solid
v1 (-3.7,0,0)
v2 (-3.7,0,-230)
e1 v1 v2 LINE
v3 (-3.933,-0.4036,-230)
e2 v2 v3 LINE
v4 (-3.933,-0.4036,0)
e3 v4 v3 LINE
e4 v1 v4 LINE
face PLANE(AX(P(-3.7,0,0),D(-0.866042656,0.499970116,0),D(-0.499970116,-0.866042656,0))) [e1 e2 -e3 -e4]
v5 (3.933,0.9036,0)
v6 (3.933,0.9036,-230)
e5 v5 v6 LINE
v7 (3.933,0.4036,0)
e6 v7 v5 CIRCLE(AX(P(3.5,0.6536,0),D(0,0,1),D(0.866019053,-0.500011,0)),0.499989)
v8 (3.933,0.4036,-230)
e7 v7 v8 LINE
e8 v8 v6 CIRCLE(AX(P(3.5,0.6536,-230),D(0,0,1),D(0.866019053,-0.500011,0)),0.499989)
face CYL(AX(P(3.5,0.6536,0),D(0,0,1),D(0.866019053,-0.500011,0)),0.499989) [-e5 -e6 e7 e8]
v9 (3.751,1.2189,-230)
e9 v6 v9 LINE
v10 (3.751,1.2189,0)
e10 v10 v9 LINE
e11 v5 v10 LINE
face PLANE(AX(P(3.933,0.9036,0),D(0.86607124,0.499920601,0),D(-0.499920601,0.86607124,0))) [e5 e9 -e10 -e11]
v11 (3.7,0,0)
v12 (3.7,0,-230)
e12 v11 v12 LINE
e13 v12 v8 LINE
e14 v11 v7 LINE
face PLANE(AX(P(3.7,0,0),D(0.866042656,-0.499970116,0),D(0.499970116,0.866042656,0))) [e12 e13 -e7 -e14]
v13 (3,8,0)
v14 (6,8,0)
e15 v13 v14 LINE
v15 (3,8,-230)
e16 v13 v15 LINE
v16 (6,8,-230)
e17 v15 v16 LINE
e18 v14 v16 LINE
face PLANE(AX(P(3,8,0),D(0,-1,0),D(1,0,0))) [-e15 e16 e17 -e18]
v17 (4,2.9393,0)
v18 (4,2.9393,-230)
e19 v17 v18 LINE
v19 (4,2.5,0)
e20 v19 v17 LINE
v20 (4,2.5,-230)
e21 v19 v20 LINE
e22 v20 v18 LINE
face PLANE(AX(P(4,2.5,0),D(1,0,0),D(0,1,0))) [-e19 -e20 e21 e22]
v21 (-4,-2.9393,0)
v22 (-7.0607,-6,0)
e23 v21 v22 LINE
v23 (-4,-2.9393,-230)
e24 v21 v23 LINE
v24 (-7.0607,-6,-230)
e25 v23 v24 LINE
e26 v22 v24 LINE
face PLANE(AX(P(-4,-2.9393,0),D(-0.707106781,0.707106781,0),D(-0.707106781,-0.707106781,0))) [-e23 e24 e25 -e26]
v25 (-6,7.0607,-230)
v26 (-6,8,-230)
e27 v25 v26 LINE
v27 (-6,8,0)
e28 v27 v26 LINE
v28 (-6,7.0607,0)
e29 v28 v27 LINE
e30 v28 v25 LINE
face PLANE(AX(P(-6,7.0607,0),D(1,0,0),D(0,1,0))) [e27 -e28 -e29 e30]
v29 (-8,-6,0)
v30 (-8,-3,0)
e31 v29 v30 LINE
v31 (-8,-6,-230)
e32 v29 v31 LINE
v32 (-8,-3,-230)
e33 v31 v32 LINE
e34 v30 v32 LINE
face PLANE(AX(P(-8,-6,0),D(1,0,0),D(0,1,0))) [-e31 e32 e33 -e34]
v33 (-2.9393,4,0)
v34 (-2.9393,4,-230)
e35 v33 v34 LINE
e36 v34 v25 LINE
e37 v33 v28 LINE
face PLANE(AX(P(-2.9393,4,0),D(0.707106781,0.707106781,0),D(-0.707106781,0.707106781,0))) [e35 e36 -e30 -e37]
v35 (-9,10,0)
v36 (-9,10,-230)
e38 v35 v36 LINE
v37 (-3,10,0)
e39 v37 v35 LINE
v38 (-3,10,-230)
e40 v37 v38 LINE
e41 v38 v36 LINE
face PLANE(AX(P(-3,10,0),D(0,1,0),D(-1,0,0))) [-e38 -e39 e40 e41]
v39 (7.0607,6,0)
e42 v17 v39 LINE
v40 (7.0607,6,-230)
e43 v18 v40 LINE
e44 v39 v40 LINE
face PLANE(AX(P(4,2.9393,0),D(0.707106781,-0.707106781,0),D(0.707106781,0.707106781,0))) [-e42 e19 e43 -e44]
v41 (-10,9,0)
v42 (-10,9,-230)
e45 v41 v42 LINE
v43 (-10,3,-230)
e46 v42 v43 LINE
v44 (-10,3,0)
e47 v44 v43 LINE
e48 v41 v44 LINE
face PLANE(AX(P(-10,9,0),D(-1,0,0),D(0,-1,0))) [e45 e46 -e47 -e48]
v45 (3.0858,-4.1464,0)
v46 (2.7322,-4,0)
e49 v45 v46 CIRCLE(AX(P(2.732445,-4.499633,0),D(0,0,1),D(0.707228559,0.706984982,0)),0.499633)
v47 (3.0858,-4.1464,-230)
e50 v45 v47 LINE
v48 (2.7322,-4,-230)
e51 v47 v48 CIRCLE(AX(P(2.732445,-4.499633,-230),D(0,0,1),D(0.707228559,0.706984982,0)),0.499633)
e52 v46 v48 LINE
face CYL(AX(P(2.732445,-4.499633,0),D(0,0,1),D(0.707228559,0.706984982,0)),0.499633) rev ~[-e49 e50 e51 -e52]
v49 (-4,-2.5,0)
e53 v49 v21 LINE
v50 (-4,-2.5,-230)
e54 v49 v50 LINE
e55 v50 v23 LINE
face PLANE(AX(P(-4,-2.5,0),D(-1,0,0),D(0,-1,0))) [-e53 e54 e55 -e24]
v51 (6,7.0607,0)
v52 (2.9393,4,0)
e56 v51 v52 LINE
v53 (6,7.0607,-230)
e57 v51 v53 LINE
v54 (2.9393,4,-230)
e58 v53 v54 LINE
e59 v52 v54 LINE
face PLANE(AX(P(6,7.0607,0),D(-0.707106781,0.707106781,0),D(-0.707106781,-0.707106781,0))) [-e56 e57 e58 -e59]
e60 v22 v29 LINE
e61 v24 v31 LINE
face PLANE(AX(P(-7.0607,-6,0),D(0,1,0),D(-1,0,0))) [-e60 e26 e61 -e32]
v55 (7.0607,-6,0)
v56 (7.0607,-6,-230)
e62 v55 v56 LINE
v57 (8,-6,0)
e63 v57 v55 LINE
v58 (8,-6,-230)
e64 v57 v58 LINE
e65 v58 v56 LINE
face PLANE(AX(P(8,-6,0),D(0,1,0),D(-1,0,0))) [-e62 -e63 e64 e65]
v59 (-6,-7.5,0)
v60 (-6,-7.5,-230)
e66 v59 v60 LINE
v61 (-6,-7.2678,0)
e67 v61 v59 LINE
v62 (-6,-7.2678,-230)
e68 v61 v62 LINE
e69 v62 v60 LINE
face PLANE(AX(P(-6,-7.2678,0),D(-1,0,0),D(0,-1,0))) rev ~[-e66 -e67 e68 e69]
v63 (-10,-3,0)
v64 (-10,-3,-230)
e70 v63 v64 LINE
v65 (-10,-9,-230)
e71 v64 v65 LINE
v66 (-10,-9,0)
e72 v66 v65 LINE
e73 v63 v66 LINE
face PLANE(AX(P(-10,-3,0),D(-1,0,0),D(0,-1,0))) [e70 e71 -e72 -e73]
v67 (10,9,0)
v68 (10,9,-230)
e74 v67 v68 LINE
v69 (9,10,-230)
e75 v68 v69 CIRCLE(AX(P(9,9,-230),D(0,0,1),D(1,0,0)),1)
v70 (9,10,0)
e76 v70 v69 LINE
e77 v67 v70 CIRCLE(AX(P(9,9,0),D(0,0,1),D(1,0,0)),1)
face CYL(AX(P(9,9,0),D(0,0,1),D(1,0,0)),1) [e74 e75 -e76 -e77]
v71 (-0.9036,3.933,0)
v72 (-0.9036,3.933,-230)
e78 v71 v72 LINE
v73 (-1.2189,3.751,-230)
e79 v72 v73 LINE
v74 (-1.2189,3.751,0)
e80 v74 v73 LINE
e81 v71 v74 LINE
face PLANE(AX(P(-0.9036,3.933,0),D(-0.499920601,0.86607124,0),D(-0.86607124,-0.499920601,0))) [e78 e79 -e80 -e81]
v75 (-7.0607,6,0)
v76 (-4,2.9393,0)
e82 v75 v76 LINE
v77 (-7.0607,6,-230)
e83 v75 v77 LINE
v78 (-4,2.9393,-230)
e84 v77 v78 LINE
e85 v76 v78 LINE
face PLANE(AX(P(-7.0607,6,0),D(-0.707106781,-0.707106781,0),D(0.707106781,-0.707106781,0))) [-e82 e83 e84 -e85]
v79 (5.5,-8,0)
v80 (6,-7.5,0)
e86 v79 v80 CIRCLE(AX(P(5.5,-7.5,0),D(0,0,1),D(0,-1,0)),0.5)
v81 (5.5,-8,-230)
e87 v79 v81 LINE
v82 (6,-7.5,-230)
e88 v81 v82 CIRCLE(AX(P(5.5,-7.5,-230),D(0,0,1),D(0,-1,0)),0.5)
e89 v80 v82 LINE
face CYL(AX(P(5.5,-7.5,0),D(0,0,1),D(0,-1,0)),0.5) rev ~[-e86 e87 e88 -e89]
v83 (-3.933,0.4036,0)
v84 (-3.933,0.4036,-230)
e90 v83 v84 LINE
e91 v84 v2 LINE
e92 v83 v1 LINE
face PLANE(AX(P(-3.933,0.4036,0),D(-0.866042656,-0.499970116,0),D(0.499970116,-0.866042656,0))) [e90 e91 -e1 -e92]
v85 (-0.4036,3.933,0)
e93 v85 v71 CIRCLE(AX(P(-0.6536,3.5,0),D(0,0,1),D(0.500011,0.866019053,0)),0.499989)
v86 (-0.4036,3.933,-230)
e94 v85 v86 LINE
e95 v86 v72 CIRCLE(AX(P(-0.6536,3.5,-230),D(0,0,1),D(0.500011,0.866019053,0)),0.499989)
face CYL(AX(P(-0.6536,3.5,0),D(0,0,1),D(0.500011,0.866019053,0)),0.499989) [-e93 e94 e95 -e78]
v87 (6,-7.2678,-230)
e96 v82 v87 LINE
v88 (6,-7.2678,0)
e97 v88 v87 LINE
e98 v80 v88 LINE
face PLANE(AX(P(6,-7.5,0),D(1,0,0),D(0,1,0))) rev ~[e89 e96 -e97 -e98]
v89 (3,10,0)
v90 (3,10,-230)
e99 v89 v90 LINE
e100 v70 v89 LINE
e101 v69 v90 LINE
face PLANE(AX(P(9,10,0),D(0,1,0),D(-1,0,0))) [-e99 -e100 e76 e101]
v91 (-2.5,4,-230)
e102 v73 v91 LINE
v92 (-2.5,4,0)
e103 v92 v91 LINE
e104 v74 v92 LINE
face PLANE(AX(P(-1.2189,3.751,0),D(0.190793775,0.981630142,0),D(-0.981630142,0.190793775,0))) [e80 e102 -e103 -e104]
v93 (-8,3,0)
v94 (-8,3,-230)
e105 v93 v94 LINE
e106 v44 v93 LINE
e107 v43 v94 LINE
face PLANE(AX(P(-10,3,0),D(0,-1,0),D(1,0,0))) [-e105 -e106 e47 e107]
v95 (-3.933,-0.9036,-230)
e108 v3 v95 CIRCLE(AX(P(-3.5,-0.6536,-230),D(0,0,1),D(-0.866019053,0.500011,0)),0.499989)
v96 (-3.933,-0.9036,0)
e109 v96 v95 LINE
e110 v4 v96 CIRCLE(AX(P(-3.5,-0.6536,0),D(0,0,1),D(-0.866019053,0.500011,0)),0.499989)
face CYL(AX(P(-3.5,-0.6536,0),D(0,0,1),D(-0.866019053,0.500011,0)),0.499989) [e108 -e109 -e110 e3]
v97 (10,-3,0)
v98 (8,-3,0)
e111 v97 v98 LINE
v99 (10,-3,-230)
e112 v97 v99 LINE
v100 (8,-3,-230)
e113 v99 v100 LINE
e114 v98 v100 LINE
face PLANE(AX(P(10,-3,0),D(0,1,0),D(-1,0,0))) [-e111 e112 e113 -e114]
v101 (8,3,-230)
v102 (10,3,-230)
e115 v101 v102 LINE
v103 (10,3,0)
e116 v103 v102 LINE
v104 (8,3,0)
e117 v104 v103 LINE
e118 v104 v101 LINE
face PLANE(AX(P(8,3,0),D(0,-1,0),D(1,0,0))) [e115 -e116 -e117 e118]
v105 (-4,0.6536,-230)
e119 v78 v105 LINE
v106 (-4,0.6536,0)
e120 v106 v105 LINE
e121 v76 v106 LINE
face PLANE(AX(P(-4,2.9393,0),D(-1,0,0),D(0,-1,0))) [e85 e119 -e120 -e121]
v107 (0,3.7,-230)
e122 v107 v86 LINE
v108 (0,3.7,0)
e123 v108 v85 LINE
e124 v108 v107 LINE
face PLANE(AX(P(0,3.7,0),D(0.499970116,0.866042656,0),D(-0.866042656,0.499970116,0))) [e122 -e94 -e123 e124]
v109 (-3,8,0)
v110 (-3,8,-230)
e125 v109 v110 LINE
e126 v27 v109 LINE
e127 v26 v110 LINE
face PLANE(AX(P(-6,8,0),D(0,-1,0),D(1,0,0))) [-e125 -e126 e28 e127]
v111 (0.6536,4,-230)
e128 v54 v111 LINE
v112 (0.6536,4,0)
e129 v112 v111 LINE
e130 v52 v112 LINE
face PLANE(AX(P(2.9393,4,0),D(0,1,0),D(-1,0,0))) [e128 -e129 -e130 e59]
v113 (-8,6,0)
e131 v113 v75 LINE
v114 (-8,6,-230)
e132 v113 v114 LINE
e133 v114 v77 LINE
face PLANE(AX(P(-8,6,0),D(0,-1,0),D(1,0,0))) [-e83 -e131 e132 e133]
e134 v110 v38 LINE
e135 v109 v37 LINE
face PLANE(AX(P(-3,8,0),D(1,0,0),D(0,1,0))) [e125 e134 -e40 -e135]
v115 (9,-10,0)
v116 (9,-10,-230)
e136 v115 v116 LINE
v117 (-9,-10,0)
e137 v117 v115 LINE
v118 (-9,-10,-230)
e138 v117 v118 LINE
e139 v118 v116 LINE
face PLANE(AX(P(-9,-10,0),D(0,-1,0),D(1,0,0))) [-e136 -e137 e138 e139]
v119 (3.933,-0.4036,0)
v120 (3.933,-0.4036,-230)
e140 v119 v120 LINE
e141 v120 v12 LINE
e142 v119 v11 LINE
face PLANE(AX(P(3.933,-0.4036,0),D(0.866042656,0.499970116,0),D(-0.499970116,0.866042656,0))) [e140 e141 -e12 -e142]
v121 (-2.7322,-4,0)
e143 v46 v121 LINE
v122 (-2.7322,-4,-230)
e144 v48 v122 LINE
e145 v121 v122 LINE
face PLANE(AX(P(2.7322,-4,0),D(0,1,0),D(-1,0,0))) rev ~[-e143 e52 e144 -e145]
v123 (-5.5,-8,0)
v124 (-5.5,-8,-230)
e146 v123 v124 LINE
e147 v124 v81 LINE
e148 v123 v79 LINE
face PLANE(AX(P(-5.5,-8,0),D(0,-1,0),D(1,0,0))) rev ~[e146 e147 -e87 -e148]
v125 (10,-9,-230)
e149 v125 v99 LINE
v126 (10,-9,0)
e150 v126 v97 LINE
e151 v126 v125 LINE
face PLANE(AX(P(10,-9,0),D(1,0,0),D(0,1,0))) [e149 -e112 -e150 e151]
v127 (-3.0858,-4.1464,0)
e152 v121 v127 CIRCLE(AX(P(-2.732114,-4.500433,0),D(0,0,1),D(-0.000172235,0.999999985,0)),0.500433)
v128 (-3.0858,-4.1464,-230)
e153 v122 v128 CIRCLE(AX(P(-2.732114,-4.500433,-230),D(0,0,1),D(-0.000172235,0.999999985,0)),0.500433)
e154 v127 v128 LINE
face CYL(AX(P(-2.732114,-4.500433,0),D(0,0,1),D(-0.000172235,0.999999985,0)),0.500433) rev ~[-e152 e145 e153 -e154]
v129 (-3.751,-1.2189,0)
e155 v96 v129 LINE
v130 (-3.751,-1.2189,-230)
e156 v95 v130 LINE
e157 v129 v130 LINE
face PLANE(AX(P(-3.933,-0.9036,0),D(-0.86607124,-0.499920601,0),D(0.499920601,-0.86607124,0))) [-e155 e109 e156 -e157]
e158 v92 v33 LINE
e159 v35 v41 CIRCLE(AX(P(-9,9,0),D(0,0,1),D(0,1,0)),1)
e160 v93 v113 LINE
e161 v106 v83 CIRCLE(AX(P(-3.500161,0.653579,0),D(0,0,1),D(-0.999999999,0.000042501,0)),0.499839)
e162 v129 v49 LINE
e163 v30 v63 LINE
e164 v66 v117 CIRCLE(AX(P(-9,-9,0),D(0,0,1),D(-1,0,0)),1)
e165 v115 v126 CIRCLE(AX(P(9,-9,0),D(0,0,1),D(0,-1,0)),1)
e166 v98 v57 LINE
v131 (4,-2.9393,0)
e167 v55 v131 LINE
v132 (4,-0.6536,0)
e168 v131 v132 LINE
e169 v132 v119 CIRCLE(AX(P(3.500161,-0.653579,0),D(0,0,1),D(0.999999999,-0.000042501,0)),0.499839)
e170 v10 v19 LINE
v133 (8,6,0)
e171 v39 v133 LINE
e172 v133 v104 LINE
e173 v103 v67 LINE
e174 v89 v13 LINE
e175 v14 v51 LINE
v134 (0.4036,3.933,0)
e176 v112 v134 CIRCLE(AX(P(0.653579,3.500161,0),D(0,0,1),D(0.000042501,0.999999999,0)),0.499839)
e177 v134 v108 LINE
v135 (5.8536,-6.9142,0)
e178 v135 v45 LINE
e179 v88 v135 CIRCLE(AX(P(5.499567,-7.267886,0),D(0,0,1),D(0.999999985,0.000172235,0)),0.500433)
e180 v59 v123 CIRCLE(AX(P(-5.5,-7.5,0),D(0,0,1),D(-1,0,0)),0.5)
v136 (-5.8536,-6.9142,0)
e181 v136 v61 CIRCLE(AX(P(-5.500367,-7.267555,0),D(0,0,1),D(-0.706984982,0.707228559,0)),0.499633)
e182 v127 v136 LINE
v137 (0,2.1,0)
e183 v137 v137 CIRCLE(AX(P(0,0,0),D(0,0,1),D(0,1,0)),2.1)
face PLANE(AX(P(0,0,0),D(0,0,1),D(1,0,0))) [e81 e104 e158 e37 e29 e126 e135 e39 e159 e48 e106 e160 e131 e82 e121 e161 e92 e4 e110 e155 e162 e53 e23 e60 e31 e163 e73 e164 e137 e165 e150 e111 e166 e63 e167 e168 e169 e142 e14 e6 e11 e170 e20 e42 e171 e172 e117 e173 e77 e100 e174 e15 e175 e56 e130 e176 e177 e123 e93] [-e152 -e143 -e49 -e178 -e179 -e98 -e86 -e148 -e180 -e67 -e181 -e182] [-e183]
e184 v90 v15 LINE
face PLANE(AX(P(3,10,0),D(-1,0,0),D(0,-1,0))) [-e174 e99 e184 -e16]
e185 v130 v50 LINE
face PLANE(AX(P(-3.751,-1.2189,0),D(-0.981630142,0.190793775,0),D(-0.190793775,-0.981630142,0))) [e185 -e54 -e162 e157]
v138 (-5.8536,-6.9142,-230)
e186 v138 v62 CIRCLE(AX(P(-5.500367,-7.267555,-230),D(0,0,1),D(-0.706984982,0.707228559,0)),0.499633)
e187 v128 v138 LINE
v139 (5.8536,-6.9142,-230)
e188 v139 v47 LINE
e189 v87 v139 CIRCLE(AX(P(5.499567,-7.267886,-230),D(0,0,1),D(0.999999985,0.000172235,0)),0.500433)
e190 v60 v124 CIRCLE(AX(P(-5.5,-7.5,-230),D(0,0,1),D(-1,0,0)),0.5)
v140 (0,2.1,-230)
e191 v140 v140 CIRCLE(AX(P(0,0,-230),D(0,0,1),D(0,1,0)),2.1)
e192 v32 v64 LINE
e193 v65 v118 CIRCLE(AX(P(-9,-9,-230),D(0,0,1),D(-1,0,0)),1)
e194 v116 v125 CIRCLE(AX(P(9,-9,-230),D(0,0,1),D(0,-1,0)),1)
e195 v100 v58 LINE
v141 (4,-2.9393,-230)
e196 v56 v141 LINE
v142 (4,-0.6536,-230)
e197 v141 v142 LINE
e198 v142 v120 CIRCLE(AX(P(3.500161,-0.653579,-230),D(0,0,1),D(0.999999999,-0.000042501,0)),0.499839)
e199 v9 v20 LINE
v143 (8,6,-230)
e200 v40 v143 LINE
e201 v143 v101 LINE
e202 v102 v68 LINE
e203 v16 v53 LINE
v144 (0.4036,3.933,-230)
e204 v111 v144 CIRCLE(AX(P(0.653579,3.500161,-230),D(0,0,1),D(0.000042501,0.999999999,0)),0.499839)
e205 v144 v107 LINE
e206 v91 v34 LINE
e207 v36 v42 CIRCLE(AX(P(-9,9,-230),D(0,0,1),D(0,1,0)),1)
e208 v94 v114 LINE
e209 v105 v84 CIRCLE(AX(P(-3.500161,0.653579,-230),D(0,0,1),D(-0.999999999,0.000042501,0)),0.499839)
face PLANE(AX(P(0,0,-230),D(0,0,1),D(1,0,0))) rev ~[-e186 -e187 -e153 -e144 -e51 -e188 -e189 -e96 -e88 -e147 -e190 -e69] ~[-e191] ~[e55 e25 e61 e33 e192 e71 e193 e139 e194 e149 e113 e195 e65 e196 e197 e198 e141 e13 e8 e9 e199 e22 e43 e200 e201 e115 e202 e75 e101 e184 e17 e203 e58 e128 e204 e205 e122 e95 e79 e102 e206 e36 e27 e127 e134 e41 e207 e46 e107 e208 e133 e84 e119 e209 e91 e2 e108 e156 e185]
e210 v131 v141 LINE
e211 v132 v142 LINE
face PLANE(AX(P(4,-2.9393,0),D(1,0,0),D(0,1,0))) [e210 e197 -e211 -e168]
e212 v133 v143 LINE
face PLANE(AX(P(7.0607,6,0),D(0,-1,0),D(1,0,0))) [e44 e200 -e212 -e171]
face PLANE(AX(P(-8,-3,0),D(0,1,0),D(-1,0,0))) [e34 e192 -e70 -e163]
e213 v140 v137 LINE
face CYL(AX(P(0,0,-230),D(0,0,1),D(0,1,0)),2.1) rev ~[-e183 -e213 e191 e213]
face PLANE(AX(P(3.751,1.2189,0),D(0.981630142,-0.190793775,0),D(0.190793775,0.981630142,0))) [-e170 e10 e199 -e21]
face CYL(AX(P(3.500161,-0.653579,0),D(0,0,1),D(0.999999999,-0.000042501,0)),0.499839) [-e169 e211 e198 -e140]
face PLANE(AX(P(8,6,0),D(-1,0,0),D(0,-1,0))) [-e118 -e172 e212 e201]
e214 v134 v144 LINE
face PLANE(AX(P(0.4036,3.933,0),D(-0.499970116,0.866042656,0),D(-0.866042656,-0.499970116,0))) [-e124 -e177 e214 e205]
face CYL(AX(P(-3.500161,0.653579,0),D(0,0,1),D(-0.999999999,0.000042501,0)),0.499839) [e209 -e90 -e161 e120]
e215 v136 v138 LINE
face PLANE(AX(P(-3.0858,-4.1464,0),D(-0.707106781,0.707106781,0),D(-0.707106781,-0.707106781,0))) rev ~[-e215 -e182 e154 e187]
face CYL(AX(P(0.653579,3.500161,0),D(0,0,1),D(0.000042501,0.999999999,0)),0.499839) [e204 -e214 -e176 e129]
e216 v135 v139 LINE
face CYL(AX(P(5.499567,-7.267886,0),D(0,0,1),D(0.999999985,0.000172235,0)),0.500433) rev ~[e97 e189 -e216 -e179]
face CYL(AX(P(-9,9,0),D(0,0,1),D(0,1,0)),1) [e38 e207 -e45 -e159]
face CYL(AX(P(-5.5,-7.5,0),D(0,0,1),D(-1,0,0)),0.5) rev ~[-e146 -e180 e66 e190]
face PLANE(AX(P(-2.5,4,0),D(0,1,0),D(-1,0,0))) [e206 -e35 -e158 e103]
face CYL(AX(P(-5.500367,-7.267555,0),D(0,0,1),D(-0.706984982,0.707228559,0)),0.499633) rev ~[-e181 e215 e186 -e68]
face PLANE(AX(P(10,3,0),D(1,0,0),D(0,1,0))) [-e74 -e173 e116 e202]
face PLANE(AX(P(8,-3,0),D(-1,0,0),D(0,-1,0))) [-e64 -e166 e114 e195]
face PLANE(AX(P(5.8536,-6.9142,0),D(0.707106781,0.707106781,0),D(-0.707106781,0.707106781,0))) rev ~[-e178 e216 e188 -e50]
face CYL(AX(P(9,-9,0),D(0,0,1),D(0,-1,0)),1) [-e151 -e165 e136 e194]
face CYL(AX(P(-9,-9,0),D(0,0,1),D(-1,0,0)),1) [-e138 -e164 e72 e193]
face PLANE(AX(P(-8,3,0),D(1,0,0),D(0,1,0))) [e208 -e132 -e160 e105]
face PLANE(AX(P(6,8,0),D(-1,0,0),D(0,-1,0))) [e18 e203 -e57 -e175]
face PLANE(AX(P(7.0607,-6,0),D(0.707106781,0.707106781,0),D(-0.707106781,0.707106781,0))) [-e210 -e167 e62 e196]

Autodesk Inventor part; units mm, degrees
sketch "Sketch_76" plane through (0, 0, 0) normal (0, 0, 1) x (1, 0, 0)
  line L0 (-10, -3) -> (-10, -9)
  arc A0 (-10, -9) -> (-9, -10) centre (-9, -9) ccw
  line L1 (-9, -10) -> (9, -10)
  arc A1 (9, -10) -> (10, -9) centre (9, -9) ccw
  line L2 (10, -9) -> (10, -3)
  line L3 (10, -3) -> (8, -3)
  line L4 (8, -3) -> (8, -6)
  line L5 (8, -6) -> (7.0607, -6)
  line L6 (7.0607, -6) -> (4, -2.9393)
  line L7 (4, -2.9393) -> (4, -0.6536)
  arc A2 (4, -0.6536) -> (3.933, -0.4036) centre (3.5, -0.6536) ccw
  line L8 (3.933, -0.4036) -> (3.7, 0)
  line L9 (3.7, 0) -> (3.933, 0.4036)
  arc A3 (3.933, 0.4036) -> (3.933, 0.9036) centre (3.5, 0.6536) ccw
  line L10 (3.933, 0.9036) -> (3.751, 1.2189)
  line L11 (3.751, 1.2189) -> (4, 2.5)
  line L12 (4, 2.5) -> (4, 2.9393)
  line L13 (4, 2.9393) -> (7.0607, 6)
  line L14 (7.0607, 6) -> (8, 6)
  line L15 (8, 6) -> (8, 3)
  line L16 (8, 3) -> (10, 3)
  line L17 (10, 3) -> (10, 9)
  arc A4 (10, 9) -> (9, 10) centre (9, 9) ccw
  line L18 (9, 10) -> (3, 10)
  line L19 (3, 10) -> (3, 8)
  line L20 (3, 8) -> (6, 8)
  line L21 (6, 8) -> (6, 7.0607)
  line L22 (6, 7.0607) -> (2.9393, 4)
  line L23 (2.9393, 4) -> (0.6536, 4)
  arc A5 (0.6536, 4) -> (0.4036, 3.933) centre (0.6536, 3.5) ccw
  line L24 (0.4036, 3.933) -> (0, 3.7)
  line L25 (0, 3.7) -> (-0.4036, 3.933)
  arc A6 (-0.4036, 3.933) -> (-0.9036, 3.933) centre (-0.6536, 3.5) ccw
  line L26 (-0.9036, 3.933) -> (-1.2189, 3.751)
  line L27 (-1.2189, 3.751) -> (-2.5, 4)
  line L28 (-2.5, 4) -> (-2.9393, 4)
  line L29 (-2.9393, 4) -> (-6, 7.0607)
  line L30 (-6, 7.0607) -> (-6, 8)
  line L31 (-6, 8) -> (-3, 8)
  line L32 (-3, 8) -> (-3, 10)
  line L33 (-3, 10) -> (-9, 10)
  arc A7 (-9, 10) -> (-10, 9) centre (-9, 9) ccw
  line L34 (-10, 9) -> (-10, 3)
  line L35 (-10, 3) -> (-8, 3)
  line L36 (-8, 3) -> (-8, 6)
  line L37 (-8, 6) -> (-7.0607, 6)
  line L38 (-7.0607, 6) -> (-4, 2.9393)
  line L39 (-4, 2.9393) -> (-4, 0.6536)
  arc A8 (-4, 0.6536) -> (-3.933, 0.4036) centre (-3.5, 0.6536) ccw
  line L40 (-3.933, 0.4036) -> (-3.7, 0)
  line L41 (-3.7, 0) -> (-3.933, -0.4036)
  arc A9 (-3.933, -0.4036) -> (-3.933, -0.9036) centre (-3.5, -0.6536) ccw
  line L42 (-3.933, -0.9036) -> (-3.751, -1.2189)
  line L43 (-3.751, -1.2189) -> (-4, -2.5)
  line L44 (-4, -2.5) -> (-4, -2.9393)
  line L45 (-4, -2.9393) -> (-7.0607, -6)
  line L46 (-7.0607, -6) -> (-8, -6)
  line L47 (-8, -6) -> (-8, -3)
  line L48 (-8, -3) -> (-10, -3)
  line L49 (-6, -7.2678) -> (-6, -7.5)
  arc A10 (-6, -7.5) -> (-5.5, -8) centre (-5.5, -7.5) ccw
  line L50 (-5.5, -8) -> (5.5, -8)
  arc A11 (5.5, -8) -> (6, -7.5) centre (5.5, -7.5) ccw
  line L51 (6, -7.5) -> (6, -7.2678)
  arc A12 (6, -7.2678) -> (5.8536, -6.9142) centre (5.5, -7.2678) ccw
  line L52 (5.8536, -6.9142) -> (3.0858, -4.1464)
  arc A13 (3.0858, -4.1464) -> (2.7322, -4) centre (2.7322, -4.5) ccw
  line L53 (2.7322, -4) -> (-2.7322, -4)
  arc A14 (-2.7322, -4) -> (-3.0858, -4.1464) centre (-2.7322, -4.5) ccw
  line L54 (-3.0858, -4.1464) -> (-5.8536, -6.9142)
  arc A15 (-5.8536, -6.9142) -> (-6, -7.2678) centre (-5.5, -7.2678) ccw
extrude "Extrusion1" add sketch "Sketch_76" against normal blind 230
sketch "Sketch2" plane through (0, 0, -230) normal (0, 0, -1) x (-1, 0, 0)
  point P0 (0, 0)
hole "Hole1" at (0, 0, -230) direction (0, 0, 1) diameter 4.2 depth 230
ref_plane "C1_XY" through (0, 0, 0) normal (0, 0, 1) x (1, 0, 0)
ref_plane "C1_YZ" through (0, 0, 0) normal (1, 0, 0) x (0, 1, 0)
ref_plane "C1_ZX" through (0, 0, 0) normal (0, 1, 0) x (0, 0, 1)
properties part number "NFSF5-2020-230"
